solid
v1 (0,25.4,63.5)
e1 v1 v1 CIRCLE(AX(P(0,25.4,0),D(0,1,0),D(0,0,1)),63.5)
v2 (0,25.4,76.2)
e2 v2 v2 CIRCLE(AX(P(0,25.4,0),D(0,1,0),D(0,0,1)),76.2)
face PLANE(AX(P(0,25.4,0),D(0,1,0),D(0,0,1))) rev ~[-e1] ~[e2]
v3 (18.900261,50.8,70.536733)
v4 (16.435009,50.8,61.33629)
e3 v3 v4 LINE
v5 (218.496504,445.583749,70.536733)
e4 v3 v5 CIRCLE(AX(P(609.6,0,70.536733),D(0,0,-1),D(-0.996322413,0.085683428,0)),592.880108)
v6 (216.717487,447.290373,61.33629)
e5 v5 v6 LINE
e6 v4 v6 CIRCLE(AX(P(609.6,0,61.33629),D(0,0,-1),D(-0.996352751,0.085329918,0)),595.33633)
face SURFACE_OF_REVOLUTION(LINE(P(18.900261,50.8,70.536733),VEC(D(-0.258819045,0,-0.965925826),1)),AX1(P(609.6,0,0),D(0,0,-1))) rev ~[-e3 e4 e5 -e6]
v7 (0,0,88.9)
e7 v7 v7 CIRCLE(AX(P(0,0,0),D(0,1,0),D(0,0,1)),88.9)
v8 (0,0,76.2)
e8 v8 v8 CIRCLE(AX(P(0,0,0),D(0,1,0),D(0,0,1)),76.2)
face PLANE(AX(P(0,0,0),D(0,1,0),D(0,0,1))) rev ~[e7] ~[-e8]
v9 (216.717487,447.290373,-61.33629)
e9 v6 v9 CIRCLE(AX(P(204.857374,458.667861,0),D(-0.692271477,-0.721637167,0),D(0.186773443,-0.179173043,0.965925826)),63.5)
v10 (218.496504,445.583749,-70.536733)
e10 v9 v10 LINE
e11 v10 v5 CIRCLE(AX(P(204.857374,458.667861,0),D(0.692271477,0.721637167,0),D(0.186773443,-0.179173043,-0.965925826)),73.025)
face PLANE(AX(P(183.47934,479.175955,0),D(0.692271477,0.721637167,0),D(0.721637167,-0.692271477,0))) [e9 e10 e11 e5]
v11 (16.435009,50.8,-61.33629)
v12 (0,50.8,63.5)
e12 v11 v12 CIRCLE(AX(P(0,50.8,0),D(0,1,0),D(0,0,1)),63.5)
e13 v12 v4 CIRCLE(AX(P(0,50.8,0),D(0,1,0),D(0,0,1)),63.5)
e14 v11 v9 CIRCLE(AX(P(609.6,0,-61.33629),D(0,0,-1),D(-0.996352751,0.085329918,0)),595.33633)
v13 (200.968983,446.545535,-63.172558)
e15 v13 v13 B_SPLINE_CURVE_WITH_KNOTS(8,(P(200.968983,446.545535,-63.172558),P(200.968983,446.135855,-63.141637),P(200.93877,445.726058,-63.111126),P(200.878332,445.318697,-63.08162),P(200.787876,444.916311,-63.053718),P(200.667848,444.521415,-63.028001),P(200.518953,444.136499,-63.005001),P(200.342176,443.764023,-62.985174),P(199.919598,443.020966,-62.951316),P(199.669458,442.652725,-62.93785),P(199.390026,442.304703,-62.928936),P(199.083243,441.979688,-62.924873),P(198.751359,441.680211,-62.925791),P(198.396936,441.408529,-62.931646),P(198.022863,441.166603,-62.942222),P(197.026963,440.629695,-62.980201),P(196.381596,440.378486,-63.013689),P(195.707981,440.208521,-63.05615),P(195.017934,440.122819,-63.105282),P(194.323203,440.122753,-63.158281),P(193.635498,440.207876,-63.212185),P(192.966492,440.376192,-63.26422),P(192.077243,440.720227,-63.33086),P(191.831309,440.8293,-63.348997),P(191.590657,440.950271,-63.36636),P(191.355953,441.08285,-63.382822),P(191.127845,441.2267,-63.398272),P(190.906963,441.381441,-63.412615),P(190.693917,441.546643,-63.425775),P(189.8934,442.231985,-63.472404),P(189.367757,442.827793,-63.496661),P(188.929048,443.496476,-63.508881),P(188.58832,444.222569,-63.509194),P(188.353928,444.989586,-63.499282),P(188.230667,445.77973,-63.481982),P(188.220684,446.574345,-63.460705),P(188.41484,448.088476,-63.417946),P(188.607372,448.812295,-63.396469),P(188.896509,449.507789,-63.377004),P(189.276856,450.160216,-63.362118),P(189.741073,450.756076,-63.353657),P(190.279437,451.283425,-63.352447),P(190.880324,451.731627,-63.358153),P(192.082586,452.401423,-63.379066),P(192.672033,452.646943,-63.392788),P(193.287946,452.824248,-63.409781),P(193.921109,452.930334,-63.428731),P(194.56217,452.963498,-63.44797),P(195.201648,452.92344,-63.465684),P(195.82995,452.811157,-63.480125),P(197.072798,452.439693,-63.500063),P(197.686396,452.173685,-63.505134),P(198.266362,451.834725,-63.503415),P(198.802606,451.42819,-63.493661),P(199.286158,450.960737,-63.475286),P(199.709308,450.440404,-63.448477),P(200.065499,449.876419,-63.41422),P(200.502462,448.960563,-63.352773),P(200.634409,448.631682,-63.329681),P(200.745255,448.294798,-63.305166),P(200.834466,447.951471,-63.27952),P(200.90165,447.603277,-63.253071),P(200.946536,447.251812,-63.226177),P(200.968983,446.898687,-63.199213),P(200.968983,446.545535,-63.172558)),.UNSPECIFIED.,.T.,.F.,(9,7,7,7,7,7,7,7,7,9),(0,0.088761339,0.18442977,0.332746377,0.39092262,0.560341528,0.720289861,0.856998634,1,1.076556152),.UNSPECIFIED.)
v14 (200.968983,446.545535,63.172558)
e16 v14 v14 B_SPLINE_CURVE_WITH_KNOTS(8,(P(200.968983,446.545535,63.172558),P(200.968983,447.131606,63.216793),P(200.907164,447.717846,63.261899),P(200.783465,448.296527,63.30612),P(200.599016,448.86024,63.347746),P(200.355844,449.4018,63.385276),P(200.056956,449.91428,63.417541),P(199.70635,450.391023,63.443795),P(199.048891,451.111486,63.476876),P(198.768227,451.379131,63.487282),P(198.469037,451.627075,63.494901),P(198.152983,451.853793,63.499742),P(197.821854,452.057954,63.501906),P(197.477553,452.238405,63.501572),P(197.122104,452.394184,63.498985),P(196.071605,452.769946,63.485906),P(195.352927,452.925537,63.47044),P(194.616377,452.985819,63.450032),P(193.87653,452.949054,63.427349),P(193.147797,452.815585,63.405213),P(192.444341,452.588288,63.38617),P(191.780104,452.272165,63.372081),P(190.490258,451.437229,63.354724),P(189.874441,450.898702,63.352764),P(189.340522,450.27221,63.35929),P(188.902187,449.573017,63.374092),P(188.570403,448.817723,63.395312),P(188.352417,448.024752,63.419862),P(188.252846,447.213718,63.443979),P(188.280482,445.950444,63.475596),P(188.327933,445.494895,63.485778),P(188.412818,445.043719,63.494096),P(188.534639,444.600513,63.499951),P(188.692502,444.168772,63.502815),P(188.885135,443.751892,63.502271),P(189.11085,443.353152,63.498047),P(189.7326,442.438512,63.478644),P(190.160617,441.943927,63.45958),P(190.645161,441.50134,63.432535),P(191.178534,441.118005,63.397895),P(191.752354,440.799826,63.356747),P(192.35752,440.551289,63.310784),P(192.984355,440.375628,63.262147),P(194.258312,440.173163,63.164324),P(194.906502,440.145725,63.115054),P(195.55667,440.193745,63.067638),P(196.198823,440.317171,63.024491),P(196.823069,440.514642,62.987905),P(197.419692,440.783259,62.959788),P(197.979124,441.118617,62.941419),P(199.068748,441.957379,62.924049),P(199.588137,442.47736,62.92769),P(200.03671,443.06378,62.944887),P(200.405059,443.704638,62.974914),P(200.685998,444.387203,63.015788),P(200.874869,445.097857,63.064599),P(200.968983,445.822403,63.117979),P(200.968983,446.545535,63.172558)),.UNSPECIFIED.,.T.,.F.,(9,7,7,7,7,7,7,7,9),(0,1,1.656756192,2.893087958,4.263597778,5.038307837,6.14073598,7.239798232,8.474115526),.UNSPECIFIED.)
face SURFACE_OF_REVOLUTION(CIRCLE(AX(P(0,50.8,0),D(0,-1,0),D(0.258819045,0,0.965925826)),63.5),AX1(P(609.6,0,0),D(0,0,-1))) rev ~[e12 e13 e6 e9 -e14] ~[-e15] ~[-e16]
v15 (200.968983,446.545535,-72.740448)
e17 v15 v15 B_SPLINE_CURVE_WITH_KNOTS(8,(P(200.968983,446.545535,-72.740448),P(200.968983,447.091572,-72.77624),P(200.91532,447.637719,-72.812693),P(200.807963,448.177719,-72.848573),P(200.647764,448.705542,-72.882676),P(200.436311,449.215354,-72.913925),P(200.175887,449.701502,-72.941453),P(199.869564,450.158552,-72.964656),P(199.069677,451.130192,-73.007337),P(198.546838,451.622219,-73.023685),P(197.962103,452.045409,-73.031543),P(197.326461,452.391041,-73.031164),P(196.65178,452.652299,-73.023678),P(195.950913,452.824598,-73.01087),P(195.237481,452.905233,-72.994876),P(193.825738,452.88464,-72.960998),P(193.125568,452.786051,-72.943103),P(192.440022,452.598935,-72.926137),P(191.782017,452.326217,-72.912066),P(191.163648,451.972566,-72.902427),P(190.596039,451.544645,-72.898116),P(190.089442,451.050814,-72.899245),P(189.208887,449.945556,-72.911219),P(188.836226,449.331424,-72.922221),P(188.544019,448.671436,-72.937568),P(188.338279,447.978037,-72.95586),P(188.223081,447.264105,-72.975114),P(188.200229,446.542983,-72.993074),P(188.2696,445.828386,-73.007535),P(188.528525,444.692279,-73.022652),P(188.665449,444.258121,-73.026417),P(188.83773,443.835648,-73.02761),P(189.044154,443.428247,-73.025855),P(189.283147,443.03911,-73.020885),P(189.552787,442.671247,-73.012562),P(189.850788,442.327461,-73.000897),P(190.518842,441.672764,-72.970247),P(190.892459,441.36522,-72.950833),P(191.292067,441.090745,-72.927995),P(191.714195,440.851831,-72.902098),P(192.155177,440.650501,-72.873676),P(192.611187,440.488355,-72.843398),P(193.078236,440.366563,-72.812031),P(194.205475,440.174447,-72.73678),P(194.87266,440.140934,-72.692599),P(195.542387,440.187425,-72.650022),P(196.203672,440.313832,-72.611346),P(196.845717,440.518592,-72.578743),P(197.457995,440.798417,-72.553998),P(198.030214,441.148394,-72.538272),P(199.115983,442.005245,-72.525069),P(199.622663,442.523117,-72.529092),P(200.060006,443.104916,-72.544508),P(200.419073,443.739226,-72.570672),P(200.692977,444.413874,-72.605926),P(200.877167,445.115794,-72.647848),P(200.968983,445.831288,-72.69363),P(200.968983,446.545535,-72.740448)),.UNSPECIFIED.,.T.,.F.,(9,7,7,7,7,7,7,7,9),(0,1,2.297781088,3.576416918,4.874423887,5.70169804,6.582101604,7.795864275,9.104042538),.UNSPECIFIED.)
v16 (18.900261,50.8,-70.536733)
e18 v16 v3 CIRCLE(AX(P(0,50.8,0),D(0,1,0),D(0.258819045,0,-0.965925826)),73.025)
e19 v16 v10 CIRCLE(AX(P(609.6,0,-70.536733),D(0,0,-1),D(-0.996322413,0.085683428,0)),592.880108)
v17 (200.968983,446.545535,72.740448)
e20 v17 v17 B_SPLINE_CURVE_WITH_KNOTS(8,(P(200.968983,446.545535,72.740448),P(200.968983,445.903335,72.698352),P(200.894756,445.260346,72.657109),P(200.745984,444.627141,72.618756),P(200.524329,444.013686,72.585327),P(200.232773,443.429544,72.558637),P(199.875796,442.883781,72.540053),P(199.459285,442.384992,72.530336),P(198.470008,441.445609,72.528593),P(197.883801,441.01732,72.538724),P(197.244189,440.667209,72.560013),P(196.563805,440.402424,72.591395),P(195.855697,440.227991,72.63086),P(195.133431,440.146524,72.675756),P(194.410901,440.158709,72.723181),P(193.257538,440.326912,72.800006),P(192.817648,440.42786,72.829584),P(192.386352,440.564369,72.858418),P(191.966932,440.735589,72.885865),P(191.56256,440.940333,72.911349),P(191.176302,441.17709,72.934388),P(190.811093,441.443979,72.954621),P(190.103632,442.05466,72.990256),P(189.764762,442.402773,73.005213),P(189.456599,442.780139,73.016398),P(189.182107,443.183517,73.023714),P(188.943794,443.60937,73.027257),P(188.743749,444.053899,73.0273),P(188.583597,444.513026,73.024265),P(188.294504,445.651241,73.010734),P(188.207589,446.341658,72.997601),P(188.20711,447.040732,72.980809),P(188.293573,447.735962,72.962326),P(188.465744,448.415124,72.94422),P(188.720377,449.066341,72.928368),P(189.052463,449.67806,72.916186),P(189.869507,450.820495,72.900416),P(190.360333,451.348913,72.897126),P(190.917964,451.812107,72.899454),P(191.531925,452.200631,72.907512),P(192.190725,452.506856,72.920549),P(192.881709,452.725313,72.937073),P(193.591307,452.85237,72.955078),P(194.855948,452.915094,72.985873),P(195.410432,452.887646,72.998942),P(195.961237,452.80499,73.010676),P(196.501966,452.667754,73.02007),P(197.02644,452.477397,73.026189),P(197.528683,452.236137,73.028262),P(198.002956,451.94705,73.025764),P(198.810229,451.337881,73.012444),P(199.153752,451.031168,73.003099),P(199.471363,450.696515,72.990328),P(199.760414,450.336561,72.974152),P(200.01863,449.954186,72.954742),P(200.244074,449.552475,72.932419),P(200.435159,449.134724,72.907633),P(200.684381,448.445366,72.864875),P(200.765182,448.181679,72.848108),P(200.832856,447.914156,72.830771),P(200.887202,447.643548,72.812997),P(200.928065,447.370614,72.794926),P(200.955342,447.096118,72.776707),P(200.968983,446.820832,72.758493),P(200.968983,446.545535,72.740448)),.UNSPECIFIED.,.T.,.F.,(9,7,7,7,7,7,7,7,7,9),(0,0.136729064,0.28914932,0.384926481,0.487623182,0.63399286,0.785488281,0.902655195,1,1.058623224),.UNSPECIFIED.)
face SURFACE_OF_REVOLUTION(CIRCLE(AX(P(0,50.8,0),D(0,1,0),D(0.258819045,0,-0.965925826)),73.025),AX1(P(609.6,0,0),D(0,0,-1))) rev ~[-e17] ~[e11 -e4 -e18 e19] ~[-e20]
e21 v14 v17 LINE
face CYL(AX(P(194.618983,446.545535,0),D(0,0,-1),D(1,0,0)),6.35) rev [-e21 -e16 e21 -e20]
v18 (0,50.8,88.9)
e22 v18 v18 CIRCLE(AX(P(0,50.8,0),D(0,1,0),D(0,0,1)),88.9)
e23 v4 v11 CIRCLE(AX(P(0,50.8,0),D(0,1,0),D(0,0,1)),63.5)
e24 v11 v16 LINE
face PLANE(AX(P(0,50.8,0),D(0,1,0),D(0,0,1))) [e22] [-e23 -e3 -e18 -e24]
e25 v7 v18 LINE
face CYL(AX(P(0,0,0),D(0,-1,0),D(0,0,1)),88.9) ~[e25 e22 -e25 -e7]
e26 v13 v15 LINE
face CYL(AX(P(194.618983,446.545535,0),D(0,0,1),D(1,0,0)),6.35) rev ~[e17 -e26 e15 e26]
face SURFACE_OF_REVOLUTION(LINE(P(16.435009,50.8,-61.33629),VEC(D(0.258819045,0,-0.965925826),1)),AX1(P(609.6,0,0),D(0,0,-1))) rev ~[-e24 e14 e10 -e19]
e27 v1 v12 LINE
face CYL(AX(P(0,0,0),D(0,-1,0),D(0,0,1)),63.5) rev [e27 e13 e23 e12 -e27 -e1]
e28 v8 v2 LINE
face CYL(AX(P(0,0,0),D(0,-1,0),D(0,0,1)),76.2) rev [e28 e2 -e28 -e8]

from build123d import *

# Parameters (mm, degrees)
SKETCH2_R               = 88.9
SKETCH2_R_2             = 63.5
BOSS_EXTRUDE1_DEPTH     = 50.8
SKETCH2_4_R             = 76.2
SKETCH2_4_R_2           = 63.5
CUT_EXTRUDE1_DEPTH      = 25.4
CUT_EXTRUDE2_DEPTH      = 562.204013319
CUT_EXTRUDE2_DEPTH_BACK = 562.204013319
SKETCH5_R               = 6.35


with BuildPart() as part:
    # Sketch2 → Boss-Extrude1 (new body)
    with BuildSketch(Plane(origin=(0, 0, 0), x_dir=(1, 0, 0), z_dir=(0, 1, 0))):
        Circle(SKETCH2_R)
        Circle(SKETCH2_R_2, mode=Mode.SUBTRACT)
    extrude(amount=BOSS_EXTRUDE1_DEPTH)

    # Sketch2<4> → Cut-Extrude1 (cut)
    with BuildSketch(Plane(origin=(0, 0, 0), x_dir=(1, 0, 0), z_dir=(0, 1, 0))):
        Circle(SKETCH2_4_R)
        Circle(SKETCH2_4_R_2, mode=Mode.SUBTRACT)
    extrude(amount=CUT_EXTRUDE1_DEPTH, mode=Mode.SUBTRACT)

    # Sweep1: sweep along a path in Sketch3
    with BuildLine(Plane.XY) as sweep1_path:
        ThreePointArc((2.12035425, 50.8), (64.93047334, 273.764984481), (206.387500194, 457.2))
    # Sketch4 → Sweep1 (sweep)
    with BuildSketch(Plane(origin=(0, 50.8, 0), x_dir=(1, 0, 0), z_dir=(0, 1, 0))):
        with BuildLine():
            Line((16.435009364, 61.336289969), (18.900260769, 70.536733465))
            ThreePointArc((18.900260769, 70.536733465), (-73.025, 0), (18.900260769, -70.536733465))
            Line((18.900260769, -70.536733465), (16.435009364, -61.336289969))
            ThreePointArc((16.435009364, -61.336289969), (-63.5, 0), (16.435009364, 61.336289969))
        make_face()
    sweep(path=sweep1_path.line)

    # Sketch5 → Cut-Extrude2 (cut, two sides: drawn at the far end of the back side and taken through both)
    with BuildSketch(Plane.XY.offset(-CUT_EXTRUDE2_DEPTH_BACK)):
        with Locations((194.61898253, 446.545535349)):
            Circle(SKETCH5_R)
    extrude(amount=CUT_EXTRUDE2_DEPTH + CUT_EXTRUDE2_DEPTH_BACK, mode=Mode.SUBTRACT)


solid = part.part
